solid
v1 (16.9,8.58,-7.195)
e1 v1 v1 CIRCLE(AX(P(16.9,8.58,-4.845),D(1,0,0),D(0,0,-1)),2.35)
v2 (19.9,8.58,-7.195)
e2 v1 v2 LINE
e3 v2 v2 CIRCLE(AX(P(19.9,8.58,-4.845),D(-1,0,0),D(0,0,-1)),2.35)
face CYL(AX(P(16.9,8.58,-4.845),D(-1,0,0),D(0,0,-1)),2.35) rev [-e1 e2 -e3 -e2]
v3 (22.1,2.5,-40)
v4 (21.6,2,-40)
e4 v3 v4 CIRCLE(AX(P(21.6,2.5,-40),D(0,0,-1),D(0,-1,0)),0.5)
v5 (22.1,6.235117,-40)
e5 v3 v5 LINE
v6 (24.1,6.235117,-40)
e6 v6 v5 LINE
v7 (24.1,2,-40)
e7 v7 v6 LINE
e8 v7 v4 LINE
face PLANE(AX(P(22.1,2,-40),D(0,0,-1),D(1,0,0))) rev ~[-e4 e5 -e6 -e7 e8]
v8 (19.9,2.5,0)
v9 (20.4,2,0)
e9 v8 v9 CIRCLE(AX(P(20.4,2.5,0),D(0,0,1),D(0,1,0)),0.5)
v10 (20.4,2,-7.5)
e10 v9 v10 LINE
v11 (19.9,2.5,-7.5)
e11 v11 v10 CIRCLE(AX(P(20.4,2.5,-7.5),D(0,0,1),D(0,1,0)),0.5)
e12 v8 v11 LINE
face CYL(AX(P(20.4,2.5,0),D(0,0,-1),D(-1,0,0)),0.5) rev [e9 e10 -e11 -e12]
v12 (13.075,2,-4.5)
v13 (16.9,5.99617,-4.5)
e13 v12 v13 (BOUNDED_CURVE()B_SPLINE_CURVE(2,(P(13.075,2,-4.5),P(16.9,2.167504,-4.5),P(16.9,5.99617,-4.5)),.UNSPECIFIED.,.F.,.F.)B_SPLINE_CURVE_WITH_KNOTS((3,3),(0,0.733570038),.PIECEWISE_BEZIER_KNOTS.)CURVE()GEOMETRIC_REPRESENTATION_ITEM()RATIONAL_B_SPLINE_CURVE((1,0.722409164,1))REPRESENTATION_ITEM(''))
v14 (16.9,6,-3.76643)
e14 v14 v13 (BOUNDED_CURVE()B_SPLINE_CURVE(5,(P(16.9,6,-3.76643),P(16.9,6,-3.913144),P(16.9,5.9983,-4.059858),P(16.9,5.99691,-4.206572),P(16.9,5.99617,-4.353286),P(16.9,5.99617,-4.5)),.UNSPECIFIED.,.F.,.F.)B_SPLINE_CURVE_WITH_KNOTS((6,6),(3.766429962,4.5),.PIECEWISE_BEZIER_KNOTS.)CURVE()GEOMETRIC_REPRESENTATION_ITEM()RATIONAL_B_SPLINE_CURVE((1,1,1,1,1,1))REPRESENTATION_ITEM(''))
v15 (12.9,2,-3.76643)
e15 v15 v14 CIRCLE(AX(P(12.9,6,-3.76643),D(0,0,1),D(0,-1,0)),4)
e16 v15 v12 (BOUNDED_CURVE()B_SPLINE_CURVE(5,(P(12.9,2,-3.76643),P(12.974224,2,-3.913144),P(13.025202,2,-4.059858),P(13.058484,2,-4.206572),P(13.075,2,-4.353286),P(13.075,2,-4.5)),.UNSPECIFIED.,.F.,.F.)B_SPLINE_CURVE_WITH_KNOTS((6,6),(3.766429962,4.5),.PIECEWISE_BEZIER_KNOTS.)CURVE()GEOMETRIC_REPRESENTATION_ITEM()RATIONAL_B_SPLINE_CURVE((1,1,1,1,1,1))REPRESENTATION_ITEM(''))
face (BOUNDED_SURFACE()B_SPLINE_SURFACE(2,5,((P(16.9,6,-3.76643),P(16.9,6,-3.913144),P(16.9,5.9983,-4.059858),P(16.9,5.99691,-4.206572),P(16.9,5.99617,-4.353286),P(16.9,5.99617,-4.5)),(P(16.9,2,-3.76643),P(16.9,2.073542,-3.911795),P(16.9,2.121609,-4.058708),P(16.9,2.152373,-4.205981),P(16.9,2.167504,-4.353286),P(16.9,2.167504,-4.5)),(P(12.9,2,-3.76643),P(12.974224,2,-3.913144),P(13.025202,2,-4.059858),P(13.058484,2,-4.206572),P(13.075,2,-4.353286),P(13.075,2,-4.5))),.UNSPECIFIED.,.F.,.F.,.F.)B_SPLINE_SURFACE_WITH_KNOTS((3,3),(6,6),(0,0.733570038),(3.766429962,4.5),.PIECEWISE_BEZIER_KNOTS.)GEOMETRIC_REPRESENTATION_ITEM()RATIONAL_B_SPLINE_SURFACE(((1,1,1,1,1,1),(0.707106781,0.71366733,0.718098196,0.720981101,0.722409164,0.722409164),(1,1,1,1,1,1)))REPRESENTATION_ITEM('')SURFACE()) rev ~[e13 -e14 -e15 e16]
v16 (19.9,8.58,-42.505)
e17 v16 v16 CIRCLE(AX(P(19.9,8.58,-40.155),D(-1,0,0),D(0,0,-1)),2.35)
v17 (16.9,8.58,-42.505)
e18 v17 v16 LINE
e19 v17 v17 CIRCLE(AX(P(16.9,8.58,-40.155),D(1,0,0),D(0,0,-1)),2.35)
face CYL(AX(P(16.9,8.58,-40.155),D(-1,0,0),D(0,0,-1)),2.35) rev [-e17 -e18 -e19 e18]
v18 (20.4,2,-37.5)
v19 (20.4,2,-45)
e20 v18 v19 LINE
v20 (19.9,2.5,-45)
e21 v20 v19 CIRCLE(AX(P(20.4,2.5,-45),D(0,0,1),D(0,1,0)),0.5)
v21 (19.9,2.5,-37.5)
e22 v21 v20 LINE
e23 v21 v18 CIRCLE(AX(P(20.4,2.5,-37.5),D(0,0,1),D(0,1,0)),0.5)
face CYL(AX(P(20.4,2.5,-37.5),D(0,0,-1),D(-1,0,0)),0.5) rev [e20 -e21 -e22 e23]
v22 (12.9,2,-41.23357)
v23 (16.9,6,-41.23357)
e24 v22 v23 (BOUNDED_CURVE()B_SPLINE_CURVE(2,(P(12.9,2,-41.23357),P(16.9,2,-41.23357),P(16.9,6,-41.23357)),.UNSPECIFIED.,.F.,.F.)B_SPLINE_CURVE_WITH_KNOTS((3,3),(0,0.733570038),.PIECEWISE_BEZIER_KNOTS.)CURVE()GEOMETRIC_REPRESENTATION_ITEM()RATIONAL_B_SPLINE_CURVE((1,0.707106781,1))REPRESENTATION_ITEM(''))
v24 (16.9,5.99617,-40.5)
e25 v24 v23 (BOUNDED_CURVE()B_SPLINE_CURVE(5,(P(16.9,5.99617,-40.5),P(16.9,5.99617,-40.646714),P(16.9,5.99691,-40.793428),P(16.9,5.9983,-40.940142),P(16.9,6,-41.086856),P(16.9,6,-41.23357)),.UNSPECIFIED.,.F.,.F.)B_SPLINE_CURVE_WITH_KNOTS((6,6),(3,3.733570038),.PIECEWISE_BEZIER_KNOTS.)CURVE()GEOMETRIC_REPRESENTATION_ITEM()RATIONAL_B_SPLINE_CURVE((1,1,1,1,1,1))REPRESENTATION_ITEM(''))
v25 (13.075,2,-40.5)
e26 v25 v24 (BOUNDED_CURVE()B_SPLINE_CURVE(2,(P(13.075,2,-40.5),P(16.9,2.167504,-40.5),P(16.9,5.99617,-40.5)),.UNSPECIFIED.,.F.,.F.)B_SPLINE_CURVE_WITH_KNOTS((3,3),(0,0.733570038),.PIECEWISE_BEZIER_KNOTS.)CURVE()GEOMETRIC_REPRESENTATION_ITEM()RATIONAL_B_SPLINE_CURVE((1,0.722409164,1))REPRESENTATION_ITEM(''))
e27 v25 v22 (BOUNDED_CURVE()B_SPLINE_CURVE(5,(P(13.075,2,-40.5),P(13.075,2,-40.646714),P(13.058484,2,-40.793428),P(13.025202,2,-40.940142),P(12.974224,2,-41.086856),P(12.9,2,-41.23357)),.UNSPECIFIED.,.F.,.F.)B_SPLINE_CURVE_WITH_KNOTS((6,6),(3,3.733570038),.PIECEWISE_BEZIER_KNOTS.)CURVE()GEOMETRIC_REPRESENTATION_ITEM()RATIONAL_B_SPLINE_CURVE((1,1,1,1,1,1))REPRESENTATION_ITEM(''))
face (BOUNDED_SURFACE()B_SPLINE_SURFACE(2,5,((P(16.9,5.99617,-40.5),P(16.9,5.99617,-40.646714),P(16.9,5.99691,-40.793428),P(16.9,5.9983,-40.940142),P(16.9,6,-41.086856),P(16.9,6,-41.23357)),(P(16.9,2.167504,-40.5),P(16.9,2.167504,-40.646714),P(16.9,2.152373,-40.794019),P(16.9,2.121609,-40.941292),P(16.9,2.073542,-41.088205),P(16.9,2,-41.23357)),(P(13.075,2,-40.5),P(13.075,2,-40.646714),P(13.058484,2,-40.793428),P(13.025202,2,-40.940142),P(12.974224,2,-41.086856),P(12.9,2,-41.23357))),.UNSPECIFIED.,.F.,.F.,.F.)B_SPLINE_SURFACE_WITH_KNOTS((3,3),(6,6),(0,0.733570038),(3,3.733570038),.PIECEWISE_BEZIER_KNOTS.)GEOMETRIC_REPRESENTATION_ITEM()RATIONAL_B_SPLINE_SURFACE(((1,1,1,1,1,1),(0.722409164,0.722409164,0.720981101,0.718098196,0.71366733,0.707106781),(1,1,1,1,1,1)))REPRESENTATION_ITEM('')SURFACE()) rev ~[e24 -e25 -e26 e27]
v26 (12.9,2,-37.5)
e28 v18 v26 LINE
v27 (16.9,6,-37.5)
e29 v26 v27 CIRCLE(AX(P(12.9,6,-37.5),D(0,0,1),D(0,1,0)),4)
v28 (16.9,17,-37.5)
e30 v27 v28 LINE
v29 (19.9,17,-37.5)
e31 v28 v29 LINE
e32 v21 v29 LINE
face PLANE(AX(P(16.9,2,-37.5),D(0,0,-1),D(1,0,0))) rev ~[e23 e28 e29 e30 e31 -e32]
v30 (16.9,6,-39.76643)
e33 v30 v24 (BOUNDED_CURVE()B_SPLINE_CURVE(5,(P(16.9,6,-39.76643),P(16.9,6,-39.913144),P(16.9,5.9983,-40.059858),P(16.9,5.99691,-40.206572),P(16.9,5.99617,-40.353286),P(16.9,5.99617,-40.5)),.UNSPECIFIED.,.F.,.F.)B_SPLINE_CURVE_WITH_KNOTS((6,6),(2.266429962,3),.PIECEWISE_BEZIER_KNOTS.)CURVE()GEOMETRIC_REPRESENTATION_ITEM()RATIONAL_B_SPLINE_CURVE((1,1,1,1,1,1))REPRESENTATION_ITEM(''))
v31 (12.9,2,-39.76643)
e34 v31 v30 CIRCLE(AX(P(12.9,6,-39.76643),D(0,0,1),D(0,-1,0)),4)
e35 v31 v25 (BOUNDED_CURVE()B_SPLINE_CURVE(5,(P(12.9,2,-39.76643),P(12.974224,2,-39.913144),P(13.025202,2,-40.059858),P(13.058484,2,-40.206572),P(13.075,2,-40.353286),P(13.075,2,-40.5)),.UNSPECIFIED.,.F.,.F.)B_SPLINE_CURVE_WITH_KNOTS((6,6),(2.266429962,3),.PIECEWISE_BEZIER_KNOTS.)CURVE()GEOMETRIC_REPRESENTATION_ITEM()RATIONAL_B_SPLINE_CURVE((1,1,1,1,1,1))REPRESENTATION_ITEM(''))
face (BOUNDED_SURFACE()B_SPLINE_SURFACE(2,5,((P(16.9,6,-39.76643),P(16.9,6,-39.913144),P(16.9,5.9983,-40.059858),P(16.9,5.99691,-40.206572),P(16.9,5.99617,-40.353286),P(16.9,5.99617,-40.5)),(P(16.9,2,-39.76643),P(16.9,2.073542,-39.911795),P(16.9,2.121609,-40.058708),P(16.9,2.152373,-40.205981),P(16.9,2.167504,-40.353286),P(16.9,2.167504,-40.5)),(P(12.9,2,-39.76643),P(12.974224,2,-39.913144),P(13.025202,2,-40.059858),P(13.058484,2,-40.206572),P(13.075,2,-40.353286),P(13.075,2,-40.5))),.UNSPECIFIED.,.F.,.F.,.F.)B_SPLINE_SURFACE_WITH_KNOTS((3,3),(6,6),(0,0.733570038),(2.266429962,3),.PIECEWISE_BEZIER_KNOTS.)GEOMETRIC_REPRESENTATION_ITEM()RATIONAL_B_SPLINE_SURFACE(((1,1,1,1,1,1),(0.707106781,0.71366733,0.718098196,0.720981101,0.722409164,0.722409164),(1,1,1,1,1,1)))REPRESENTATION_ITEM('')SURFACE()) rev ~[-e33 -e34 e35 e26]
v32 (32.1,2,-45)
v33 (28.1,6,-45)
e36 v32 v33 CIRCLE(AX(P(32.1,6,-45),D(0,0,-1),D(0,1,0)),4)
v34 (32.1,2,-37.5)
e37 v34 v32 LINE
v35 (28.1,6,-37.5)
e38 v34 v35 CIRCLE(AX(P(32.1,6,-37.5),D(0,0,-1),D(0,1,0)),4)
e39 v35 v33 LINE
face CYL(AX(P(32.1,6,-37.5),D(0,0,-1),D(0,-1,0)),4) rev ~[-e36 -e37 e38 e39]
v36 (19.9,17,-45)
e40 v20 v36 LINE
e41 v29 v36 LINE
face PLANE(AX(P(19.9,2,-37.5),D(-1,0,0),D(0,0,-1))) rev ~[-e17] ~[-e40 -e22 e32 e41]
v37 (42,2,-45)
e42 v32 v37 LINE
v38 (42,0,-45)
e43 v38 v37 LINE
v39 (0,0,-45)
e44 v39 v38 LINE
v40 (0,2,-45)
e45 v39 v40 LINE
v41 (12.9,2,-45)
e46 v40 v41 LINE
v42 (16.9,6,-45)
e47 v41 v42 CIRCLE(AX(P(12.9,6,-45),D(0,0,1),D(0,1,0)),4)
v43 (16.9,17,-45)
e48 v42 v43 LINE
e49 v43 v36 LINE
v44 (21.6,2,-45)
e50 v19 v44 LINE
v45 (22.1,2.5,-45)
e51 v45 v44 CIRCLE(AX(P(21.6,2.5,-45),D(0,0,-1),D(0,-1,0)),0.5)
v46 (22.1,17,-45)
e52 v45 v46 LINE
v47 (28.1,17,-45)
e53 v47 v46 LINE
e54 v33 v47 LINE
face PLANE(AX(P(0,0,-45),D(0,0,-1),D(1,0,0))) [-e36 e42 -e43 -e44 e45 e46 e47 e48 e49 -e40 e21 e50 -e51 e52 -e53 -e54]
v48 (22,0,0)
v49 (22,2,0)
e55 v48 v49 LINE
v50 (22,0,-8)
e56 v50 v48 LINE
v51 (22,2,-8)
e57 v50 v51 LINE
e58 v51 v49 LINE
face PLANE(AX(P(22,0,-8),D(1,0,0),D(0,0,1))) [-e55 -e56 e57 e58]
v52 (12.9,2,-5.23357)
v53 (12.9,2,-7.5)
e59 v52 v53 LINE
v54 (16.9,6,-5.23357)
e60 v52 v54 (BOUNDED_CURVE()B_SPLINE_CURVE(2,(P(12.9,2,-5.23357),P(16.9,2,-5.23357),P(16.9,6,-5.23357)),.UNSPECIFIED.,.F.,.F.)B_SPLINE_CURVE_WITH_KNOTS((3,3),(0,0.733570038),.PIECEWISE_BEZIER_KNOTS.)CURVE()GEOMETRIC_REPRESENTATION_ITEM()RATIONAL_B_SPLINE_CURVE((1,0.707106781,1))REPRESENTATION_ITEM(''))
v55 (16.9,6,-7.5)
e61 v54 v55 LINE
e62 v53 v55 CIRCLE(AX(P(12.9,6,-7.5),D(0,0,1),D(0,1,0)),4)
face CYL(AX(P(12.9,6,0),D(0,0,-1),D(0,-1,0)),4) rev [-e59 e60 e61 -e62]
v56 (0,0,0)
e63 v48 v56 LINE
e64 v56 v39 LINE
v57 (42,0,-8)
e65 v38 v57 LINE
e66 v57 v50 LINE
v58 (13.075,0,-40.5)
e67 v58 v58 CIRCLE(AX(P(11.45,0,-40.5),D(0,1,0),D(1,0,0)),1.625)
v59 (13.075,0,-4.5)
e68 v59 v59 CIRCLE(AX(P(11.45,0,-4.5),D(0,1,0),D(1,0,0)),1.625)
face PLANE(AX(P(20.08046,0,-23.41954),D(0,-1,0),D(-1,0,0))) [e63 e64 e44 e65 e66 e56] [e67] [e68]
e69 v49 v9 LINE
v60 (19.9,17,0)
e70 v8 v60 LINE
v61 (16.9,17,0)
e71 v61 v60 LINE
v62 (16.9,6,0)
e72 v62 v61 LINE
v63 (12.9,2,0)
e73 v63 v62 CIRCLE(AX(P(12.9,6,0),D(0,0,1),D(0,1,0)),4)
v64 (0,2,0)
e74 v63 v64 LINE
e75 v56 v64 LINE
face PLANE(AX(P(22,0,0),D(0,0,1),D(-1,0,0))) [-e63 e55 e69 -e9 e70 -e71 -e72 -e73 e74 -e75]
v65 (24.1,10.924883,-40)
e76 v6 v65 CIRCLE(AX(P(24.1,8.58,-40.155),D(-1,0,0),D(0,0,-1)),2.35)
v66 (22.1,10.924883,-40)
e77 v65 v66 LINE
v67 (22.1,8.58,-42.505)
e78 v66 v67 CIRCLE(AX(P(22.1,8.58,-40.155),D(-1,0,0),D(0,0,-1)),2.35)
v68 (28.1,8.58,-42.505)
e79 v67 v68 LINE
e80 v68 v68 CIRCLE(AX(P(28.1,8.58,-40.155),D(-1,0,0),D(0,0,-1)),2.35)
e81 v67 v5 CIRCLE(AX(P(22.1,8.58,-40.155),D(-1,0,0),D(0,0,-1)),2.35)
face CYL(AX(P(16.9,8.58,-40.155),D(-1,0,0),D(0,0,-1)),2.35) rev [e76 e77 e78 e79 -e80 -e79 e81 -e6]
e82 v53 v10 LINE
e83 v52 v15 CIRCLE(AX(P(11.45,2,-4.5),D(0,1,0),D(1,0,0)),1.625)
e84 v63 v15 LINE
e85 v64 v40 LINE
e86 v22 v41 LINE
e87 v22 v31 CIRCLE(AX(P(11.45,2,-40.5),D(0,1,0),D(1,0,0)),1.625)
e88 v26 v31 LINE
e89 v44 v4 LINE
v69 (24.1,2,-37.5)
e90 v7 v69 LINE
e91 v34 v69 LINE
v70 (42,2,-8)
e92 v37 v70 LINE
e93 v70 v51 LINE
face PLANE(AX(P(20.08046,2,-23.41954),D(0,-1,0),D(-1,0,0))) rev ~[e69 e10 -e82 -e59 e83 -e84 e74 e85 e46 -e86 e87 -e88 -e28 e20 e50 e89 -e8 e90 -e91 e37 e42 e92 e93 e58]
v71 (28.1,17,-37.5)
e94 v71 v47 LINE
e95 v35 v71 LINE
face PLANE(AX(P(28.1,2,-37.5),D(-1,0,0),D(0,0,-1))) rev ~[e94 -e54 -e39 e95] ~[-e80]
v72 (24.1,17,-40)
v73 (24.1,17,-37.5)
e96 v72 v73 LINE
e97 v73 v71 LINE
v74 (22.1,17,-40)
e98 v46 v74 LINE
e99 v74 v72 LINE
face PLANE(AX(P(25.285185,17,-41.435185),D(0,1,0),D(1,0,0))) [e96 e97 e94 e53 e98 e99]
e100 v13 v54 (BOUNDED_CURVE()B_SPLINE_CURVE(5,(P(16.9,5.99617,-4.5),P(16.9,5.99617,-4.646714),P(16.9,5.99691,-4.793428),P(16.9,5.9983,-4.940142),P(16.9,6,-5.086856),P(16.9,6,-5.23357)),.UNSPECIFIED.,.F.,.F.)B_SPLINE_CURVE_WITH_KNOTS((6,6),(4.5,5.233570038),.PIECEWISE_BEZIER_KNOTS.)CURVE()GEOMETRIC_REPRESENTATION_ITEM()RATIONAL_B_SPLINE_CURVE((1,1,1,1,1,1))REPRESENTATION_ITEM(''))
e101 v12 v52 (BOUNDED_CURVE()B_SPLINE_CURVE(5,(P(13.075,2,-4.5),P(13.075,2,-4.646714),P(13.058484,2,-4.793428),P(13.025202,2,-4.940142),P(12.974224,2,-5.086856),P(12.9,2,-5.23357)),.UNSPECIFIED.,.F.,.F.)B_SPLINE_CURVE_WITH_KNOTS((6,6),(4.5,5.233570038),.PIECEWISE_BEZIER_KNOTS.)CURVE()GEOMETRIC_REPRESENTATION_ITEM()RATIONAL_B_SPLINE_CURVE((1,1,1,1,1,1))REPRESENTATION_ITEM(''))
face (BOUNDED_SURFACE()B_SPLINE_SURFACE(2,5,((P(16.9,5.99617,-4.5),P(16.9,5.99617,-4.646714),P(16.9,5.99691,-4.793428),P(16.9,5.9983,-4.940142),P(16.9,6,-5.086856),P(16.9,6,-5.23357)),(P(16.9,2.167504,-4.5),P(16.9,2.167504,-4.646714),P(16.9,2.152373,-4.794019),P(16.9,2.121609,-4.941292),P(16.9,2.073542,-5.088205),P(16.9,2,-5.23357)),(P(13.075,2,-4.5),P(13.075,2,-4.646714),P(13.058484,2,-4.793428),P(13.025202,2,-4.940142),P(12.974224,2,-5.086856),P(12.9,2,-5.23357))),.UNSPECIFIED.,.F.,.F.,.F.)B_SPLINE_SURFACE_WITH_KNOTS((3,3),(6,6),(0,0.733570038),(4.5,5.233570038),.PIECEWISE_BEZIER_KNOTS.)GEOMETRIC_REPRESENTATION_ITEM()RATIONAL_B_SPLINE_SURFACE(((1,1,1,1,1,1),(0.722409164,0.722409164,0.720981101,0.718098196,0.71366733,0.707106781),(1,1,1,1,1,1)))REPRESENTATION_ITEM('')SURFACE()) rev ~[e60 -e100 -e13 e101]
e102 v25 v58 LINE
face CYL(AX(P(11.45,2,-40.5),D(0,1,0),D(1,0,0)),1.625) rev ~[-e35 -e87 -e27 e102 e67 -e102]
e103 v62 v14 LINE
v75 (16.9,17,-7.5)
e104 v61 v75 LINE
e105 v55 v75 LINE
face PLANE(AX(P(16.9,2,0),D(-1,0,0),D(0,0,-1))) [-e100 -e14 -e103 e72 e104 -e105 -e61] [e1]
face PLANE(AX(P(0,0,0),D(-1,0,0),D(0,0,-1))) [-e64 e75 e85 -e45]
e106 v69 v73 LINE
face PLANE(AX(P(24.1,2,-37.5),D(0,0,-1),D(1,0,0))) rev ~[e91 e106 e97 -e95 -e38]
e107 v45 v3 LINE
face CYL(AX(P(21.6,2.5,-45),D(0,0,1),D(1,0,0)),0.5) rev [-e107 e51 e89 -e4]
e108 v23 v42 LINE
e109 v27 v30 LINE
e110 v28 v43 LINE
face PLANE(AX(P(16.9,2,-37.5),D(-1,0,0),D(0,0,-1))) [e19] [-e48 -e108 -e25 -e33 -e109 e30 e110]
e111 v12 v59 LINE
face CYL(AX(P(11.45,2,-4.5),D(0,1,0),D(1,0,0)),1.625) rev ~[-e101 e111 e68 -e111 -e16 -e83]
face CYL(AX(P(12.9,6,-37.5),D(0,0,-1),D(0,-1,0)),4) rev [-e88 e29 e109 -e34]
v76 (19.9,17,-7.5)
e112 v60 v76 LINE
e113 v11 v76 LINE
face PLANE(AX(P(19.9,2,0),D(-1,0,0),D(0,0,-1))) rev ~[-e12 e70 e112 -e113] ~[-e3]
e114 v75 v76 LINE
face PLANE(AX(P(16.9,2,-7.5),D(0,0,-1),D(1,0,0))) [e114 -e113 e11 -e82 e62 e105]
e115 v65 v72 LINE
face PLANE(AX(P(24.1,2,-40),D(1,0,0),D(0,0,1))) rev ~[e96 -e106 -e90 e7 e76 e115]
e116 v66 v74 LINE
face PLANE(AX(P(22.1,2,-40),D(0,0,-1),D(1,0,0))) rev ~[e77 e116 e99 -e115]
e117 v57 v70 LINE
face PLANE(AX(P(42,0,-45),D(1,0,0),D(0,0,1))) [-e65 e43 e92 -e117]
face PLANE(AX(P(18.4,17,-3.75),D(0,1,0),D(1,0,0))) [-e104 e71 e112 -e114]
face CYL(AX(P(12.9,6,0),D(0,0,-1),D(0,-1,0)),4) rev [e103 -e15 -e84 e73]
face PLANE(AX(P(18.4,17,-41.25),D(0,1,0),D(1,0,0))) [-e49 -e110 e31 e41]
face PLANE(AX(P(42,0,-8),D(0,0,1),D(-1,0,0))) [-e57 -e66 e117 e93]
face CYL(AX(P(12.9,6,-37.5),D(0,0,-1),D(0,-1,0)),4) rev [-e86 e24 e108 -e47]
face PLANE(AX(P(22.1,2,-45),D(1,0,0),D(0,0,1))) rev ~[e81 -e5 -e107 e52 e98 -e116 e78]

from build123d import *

# Parameters (mm, degrees)
BOSS_EXTRUDE1_DEPTH = 2
SKETCH2_W           = 3
SKETCH2_H           = 7.5
BOSS_EXTRUDE2_DEPTH = 15
CUT_EXTRUDE1_REACH  = 4
SKETCH3_R           = 1.625
SKETCH4_R           = 2.35
CUT_EXTRUDE2_DEPTH  = 26.1
FILLET1_R           = 4
FILLET2_R           = 0.5


with BuildPart() as part:
    # Sketch1 → Boss-Extrude1 (new body)
    with BuildSketch(Plane(origin=(0, 0, 0), x_dir=(1, 0, 0), z_dir=(0, 1, 0))):
        Polygon((0, 0), (0, 45), (42, 45), (42, 8), (22, 8), (22, 0), align=None)
    extrude(amount=BOSS_EXTRUDE1_DEPTH)

    # Sketch2 → Boss-Extrude2 (add)
    with BuildSketch(Plane(origin=(0, 2, 0), x_dir=(1, 0, 0), z_dir=(0, 1, 0))):
        with Locations((18.4, 41.25)):
            Rectangle(SKETCH2_W, SKETCH2_H)
        with Locations((18.4, 3.75)):
            Rectangle(SKETCH2_W, SKETCH2_H)
        Polygon((22.1, 45), (22.1, 40), (24.1, 40), (24.1, 37.5), (28.1, 37.5), (28.1, 45), align=None)
    extrude(amount=BOSS_EXTRUDE2_DEPTH)

    # Sketch3 → Cut-Extrude1 (cut, up to next)
    with BuildSketch(Plane(origin=(0, 2, 0), x_dir=(1, 0, 0), z_dir=(0, 1, 0)), mode=Mode.PRIVATE) as cut_extrude1_sk1:
        with Locations((11.45, 40.5)):
            Circle(SKETCH3_R)
    cut_extrude1_tool1 = extrude(cut_extrude1_sk1.sketch, amount=-CUT_EXTRUDE1_REACH, mode=Mode.PRIVATE) & part.part
    add(cut_extrude1_tool1.solids().sort_by_distance((11.45, 2, -40.5))[0], mode=Mode.SUBTRACT)
    # Sketch3 → Cut-Extrude1 (cut, up to next)
    with BuildSketch(Plane(origin=(0, 2, 0), x_dir=(1, 0, 0), z_dir=(0, 1, 0)), mode=Mode.PRIVATE) as cut_extrude1_sk2:
        with Locations((11.45, 4.5)):
            Circle(SKETCH3_R)
    cut_extrude1_tool2 = extrude(cut_extrude1_sk2.sketch, amount=-CUT_EXTRUDE1_REACH, mode=Mode.PRIVATE) & part.part
    add(cut_extrude1_tool2.solids().sort_by_distance((11.45, 2, -4.5))[0], mode=Mode.SUBTRACT)

    # Sketch4 → Cut-Extrude2 (cut, through all)
    with BuildSketch(Plane(origin=(16.9, 0, 0), x_dir=(0, 0, -1), z_dir=(1, 0, 0))):
        with Locations((40.155, 8.58)):
            Circle(SKETCH4_R)
        with Locations((4.845, 8.58)):
            Circle(SKETCH4_R)
    extrude(amount=CUT_EXTRUDE2_DEPTH, mode=Mode.SUBTRACT)

    # Fillet1
    fillet1_edges = [part.edges().sort_by_distance(p)[0] for p in [
        (16.9, 2, -3.75),
        (16.9, 2, -41.25),
        (28.1, 2, -41.25),
    ]]
    fillet(fillet1_edges, radius=FILLET1_R)

    # Fillet2
    fillet2_edges = [part.edges().sort_by_distance(p)[0] for p in [
        (19.9, 2, -3.75),
        (19.9, 2, -41.25),
        (22.1, 2, -42.5),
    ]]
    fillet(fillet2_edges, radius=FILLET2_R)


solid = part.part
